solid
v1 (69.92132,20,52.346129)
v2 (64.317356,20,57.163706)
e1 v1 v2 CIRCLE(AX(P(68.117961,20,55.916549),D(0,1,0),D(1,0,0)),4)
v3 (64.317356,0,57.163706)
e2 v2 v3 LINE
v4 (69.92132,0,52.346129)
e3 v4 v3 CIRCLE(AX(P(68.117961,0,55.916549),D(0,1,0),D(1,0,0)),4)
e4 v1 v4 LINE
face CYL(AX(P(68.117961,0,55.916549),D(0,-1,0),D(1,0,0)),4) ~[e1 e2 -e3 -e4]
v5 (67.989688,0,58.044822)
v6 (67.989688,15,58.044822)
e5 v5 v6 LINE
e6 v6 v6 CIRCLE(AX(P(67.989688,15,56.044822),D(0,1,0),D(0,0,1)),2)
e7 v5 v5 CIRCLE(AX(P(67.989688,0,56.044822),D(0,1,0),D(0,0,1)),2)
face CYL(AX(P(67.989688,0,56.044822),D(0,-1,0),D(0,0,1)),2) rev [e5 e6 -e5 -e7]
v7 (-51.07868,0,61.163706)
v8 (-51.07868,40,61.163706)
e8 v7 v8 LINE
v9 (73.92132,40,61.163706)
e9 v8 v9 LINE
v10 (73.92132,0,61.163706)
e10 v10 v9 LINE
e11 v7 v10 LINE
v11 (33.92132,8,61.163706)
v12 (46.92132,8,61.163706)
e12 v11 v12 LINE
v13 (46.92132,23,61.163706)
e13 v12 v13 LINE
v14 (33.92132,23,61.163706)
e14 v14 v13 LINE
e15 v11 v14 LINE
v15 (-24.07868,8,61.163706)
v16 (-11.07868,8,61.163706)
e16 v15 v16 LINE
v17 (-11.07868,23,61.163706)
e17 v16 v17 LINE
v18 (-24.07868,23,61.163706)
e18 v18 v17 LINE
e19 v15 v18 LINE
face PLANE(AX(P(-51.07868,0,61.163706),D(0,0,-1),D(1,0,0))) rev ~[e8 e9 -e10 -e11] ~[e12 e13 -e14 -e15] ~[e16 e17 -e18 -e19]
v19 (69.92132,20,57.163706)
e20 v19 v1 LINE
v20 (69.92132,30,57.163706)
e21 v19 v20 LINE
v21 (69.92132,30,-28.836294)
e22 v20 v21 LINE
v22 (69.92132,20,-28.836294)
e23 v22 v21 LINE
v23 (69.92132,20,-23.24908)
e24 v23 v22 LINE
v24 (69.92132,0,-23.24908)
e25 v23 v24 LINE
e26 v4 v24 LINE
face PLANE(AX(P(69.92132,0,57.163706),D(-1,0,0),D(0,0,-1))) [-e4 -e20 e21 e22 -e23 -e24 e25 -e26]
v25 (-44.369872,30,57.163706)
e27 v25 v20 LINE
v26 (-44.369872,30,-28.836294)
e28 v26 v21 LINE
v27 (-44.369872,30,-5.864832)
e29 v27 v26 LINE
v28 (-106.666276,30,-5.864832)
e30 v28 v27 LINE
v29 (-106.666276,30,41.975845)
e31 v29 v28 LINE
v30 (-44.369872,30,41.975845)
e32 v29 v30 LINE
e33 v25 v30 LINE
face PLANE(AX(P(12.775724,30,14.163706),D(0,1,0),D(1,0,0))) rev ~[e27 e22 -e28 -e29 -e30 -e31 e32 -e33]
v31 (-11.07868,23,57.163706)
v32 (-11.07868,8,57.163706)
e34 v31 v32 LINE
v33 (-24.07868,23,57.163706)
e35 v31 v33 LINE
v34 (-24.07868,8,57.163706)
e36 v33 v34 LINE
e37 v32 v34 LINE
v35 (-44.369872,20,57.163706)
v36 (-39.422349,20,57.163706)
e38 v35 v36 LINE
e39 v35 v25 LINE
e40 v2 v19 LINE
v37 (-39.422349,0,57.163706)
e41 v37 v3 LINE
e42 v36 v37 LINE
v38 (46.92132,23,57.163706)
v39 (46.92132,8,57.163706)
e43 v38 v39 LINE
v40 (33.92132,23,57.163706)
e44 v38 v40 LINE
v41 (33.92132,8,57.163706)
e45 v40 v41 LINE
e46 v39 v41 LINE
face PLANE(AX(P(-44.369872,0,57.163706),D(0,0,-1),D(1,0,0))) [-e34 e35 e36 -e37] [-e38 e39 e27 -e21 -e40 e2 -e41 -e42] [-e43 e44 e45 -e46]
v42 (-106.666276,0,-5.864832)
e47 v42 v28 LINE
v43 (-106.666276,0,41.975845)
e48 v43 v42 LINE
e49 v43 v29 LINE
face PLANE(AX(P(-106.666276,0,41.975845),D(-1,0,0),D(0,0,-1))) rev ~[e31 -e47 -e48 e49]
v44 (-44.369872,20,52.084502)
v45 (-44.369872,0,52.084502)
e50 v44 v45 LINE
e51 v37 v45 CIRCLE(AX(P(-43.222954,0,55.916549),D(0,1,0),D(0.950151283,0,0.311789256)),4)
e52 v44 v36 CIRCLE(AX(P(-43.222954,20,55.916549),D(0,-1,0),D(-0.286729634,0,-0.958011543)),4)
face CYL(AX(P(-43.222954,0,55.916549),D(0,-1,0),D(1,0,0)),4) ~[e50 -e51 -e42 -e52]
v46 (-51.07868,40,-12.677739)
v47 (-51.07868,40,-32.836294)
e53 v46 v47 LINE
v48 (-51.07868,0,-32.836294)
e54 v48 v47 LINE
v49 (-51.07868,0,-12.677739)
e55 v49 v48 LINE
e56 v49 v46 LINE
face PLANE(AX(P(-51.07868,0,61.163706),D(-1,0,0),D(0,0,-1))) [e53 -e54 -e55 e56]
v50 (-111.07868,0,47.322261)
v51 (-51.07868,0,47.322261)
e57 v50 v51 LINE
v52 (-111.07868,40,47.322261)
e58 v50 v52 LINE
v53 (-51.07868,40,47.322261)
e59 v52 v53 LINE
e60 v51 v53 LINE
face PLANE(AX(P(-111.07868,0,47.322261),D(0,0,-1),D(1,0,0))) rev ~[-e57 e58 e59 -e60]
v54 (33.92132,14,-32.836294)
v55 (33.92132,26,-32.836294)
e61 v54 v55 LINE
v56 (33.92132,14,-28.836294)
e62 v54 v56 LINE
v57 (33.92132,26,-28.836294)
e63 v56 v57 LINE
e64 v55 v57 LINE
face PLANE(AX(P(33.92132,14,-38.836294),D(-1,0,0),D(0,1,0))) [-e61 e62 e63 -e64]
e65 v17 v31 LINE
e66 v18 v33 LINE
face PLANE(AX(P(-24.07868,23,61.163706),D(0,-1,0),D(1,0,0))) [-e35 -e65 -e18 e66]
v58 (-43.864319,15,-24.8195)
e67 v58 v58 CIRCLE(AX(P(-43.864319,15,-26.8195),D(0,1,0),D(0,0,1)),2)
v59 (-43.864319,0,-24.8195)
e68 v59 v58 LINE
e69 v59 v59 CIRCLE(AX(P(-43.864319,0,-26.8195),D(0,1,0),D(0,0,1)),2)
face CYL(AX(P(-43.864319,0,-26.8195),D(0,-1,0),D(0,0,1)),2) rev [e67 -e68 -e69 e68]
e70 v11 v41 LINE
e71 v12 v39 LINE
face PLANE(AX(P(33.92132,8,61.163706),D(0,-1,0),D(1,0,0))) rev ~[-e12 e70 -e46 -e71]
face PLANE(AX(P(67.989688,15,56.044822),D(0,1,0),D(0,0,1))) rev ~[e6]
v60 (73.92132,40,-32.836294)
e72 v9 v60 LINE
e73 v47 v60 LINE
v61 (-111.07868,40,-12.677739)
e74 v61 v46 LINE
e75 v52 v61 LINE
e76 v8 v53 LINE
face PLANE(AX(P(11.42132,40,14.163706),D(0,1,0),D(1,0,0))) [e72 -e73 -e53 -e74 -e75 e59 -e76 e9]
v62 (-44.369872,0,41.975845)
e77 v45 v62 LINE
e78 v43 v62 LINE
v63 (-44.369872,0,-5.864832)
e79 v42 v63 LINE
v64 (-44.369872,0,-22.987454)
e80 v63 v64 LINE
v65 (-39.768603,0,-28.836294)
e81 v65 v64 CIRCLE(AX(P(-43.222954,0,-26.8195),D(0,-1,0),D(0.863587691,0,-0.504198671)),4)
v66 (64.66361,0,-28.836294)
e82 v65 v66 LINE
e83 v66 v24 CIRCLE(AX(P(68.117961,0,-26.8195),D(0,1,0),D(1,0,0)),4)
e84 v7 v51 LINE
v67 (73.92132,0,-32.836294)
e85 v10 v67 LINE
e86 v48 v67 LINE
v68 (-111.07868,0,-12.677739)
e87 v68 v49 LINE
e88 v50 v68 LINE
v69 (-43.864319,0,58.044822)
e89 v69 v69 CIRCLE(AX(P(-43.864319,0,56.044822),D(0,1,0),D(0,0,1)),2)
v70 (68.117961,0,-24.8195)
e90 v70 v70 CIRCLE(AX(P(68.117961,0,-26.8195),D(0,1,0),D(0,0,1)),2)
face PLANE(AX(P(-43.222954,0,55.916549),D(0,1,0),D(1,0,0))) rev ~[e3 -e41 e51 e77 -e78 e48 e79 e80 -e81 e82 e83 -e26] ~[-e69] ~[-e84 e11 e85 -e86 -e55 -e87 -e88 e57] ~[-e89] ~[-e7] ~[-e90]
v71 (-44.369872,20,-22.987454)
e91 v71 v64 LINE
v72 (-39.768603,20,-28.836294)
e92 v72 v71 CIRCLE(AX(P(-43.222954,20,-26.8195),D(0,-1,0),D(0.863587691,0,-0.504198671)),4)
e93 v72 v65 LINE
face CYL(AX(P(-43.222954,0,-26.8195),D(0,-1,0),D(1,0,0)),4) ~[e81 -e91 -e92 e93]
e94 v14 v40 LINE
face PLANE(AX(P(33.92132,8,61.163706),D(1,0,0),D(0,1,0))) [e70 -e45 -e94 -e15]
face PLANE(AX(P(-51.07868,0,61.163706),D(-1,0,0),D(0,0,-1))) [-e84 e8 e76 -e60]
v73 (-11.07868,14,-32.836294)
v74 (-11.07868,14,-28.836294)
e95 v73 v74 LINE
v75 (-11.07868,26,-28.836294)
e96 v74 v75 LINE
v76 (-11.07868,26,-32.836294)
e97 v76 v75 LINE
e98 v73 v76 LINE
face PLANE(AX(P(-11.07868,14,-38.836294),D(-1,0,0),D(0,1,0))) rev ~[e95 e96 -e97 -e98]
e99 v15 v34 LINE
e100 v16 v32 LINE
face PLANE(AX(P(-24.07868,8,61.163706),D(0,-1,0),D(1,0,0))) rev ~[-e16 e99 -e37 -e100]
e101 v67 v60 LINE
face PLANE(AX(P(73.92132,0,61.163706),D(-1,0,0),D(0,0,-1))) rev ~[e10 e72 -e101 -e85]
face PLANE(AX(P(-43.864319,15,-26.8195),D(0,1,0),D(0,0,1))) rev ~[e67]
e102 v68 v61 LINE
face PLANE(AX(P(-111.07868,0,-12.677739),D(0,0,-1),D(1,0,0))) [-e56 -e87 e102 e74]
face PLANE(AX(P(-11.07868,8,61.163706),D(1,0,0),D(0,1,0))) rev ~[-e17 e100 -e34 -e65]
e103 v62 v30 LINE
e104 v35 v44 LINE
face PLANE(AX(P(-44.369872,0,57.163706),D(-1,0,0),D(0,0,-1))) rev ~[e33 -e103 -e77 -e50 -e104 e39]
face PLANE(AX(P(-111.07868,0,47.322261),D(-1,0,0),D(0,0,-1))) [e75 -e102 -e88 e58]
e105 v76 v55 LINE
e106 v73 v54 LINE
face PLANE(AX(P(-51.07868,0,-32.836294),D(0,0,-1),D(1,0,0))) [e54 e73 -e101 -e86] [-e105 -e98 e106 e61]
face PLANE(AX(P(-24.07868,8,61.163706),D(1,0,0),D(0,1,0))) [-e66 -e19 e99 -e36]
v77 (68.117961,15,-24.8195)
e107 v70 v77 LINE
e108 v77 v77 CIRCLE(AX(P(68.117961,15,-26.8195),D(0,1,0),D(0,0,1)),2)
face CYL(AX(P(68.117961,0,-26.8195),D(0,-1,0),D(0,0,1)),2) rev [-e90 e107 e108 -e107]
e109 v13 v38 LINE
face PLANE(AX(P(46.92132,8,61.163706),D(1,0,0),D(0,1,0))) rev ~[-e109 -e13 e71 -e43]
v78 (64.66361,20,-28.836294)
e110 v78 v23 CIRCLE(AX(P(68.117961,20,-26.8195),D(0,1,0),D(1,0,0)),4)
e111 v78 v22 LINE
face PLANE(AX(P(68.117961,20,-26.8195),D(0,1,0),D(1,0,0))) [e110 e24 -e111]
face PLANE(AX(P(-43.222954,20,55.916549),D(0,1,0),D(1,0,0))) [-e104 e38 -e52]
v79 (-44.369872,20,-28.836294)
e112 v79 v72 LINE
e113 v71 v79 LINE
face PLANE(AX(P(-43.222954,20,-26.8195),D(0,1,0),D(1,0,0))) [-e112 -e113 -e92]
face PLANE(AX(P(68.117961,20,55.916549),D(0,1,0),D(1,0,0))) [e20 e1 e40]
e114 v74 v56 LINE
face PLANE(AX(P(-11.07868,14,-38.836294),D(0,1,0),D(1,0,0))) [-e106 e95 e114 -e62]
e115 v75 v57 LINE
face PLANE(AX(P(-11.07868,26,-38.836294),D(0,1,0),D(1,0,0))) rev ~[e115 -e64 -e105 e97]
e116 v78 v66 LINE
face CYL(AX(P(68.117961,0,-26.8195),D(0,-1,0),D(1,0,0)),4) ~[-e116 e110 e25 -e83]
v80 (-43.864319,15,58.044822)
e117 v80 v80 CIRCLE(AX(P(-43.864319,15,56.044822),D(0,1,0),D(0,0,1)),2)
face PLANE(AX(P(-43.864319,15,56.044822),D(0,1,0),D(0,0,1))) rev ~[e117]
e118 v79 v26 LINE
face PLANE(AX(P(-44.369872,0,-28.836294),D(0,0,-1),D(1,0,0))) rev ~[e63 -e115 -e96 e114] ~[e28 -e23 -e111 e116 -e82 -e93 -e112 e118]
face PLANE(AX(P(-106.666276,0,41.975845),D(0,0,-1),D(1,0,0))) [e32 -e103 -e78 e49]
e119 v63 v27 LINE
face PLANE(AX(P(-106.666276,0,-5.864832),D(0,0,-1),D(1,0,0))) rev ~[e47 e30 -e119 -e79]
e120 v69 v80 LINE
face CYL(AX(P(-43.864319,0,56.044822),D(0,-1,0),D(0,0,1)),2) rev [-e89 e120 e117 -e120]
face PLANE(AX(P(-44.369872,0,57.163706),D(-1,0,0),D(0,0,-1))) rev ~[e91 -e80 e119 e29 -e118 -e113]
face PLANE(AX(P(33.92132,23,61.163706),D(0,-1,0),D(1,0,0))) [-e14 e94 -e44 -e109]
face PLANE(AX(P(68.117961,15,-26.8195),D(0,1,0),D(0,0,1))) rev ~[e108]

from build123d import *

# Parameters (mm, degrees)
SKETCH1_W           = 125
SKETCH1_H           = 94
BOSS_EXTRUDE1_DEPTH = 40
SKETCH2_W           = 114.291192295
SKETCH2_H           = 86
CUT_EXTRUDE1_DEPTH  = 30
CUT_EXTRUDE2_START  = 61.163706
SKETCH3_W           = 13
SKETCH3_H           = 15
CUT_EXTRUDE2_DEPTH  = 10
SKETCH4_R           = 4
BOSS_EXTRUDE2_DEPTH = 20
SKETCH5_R           = 2
CUT_EXTRUDE3_DEPTH  = 15
CUT_EXTRUDE4_START  = -38.836294
SKETCH6_W           = 45
SKETCH6_H           = 12
CUT_EXTRUDE4_DEPTH  = 10
SKETCH7_W           = 60
SKETCH7_H           = 60
BOSS_EXTRUDE3_DEPTH = 40
SKETCH8_W           = 62.296403185
SKETCH8_H           = 47.840676856
CUT_EXTRUDE5_DEPTH  = 30


with BuildPart() as part:
    # Sketch1 → Boss-Extrude1 (new body)
    with BuildSketch(Plane(origin=(0, 0, 0), x_dir=(1, 0, 0), z_dir=(0, 1, 0))):
        with Locations((11.421319797, -14.163705584)):
            Rectangle(SKETCH1_W, SKETCH1_H)
    extrude(amount=BOSS_EXTRUDE1_DEPTH)

    # Sketch2 → Cut-Extrude1 (cut)
    with BuildSketch(Plane(origin=(0, 0, 0), x_dir=(1, 0, 0), z_dir=(0, 1, 0))):
        with Locations((12.77572365, -14.163705584)):
            Rectangle(SKETCH2_W, SKETCH2_H)
    extrude(amount=CUT_EXTRUDE1_DEPTH, mode=Mode.SUBTRACT)

    # Sketch3 → Cut-Extrude2 (cut)
    with BuildSketch(Plane.XY.offset(CUT_EXTRUDE2_START)):
        with Locations((-17.578680203, 15.5)):
            Rectangle(SKETCH3_W, SKETCH3_H)
        with Locations((40.421319797, 15.5)):
            Rectangle(SKETCH3_W, SKETCH3_H)
    extrude(amount=-CUT_EXTRUDE2_DEPTH, mode=Mode.SUBTRACT)

    # Sketch4 → Boss-Extrude2 (add)
    with BuildSketch(Plane(origin=(0, 0, 0), x_dir=(1, 0, 0), z_dir=(0, 1, 0))):
        with Locations((-43.22295396, -55.91654856)):
            Circle(SKETCH4_R)
        with Locations((68.117960644, -55.91654856)):
            Circle(SKETCH4_R)
        with Locations((68.117960644, 26.819499734)):
            Circle(SKETCH4_R)
        with Locations((-43.22295396, 26.819499734)):
            Circle(SKETCH4_R)
    extrude(amount=BOSS_EXTRUDE2_DEPTH)

    # Sketch5 → Cut-Extrude3 (cut)
    with BuildSketch(Plane(origin=(0, 0, 0), x_dir=(1, 0, 0), z_dir=(0, 1, 0))):
        with Locations(Location((-43.864318676, -56.044821503, 0), (0, 0, 270))):
            Circle(SKETCH5_R)
        with Locations(Location((67.989687701, -56.044821503, 0), (0, 0, 270))):
            Circle(SKETCH5_R)
        with Locations(Location((68.117960644, 26.819499734, 0), (0, 0, 270))):
            Circle(SKETCH5_R)
        with Locations(Location((-43.864318676, 26.819499734, 0), (0, 0, 270))):
            Circle(SKETCH5_R)
    extrude(amount=CUT_EXTRUDE3_DEPTH, mode=Mode.SUBTRACT)

    # Sketch6 → Cut-Extrude4 (cut)
    with BuildSketch(Plane.XY.offset(CUT_EXTRUDE4_START)):
        with Locations((11.421319797, 20)):
            Rectangle(SKETCH6_W, SKETCH6_H)
    extrude(amount=CUT_EXTRUDE4_DEPTH, mode=Mode.SUBTRACT)

    # Sketch7 → Boss-Extrude3 (add)
    with BuildSketch(Plane(origin=(0, 0, 0), x_dir=(1, 0, 0), z_dir=(0, 1, 0))):
        with Locations((-81.078680203, -17.322261373)):
            Rectangle(SKETCH7_W, SKETCH7_H)
    extrude(amount=BOSS_EXTRUDE3_DEPTH)

    # Sketch8 → Cut-Extrude5 (cut)
    with BuildSketch(Plane(origin=(0, 0, 0), x_dir=(1, 0, 0), z_dir=(0, 1, 0))):
        with Locations((-75.518074091, -18.055506677)):
            Rectangle(SKETCH8_W, SKETCH8_H)
    extrude(amount=CUT_EXTRUDE5_DEPTH, mode=Mode.SUBTRACT)


solid = part.part
